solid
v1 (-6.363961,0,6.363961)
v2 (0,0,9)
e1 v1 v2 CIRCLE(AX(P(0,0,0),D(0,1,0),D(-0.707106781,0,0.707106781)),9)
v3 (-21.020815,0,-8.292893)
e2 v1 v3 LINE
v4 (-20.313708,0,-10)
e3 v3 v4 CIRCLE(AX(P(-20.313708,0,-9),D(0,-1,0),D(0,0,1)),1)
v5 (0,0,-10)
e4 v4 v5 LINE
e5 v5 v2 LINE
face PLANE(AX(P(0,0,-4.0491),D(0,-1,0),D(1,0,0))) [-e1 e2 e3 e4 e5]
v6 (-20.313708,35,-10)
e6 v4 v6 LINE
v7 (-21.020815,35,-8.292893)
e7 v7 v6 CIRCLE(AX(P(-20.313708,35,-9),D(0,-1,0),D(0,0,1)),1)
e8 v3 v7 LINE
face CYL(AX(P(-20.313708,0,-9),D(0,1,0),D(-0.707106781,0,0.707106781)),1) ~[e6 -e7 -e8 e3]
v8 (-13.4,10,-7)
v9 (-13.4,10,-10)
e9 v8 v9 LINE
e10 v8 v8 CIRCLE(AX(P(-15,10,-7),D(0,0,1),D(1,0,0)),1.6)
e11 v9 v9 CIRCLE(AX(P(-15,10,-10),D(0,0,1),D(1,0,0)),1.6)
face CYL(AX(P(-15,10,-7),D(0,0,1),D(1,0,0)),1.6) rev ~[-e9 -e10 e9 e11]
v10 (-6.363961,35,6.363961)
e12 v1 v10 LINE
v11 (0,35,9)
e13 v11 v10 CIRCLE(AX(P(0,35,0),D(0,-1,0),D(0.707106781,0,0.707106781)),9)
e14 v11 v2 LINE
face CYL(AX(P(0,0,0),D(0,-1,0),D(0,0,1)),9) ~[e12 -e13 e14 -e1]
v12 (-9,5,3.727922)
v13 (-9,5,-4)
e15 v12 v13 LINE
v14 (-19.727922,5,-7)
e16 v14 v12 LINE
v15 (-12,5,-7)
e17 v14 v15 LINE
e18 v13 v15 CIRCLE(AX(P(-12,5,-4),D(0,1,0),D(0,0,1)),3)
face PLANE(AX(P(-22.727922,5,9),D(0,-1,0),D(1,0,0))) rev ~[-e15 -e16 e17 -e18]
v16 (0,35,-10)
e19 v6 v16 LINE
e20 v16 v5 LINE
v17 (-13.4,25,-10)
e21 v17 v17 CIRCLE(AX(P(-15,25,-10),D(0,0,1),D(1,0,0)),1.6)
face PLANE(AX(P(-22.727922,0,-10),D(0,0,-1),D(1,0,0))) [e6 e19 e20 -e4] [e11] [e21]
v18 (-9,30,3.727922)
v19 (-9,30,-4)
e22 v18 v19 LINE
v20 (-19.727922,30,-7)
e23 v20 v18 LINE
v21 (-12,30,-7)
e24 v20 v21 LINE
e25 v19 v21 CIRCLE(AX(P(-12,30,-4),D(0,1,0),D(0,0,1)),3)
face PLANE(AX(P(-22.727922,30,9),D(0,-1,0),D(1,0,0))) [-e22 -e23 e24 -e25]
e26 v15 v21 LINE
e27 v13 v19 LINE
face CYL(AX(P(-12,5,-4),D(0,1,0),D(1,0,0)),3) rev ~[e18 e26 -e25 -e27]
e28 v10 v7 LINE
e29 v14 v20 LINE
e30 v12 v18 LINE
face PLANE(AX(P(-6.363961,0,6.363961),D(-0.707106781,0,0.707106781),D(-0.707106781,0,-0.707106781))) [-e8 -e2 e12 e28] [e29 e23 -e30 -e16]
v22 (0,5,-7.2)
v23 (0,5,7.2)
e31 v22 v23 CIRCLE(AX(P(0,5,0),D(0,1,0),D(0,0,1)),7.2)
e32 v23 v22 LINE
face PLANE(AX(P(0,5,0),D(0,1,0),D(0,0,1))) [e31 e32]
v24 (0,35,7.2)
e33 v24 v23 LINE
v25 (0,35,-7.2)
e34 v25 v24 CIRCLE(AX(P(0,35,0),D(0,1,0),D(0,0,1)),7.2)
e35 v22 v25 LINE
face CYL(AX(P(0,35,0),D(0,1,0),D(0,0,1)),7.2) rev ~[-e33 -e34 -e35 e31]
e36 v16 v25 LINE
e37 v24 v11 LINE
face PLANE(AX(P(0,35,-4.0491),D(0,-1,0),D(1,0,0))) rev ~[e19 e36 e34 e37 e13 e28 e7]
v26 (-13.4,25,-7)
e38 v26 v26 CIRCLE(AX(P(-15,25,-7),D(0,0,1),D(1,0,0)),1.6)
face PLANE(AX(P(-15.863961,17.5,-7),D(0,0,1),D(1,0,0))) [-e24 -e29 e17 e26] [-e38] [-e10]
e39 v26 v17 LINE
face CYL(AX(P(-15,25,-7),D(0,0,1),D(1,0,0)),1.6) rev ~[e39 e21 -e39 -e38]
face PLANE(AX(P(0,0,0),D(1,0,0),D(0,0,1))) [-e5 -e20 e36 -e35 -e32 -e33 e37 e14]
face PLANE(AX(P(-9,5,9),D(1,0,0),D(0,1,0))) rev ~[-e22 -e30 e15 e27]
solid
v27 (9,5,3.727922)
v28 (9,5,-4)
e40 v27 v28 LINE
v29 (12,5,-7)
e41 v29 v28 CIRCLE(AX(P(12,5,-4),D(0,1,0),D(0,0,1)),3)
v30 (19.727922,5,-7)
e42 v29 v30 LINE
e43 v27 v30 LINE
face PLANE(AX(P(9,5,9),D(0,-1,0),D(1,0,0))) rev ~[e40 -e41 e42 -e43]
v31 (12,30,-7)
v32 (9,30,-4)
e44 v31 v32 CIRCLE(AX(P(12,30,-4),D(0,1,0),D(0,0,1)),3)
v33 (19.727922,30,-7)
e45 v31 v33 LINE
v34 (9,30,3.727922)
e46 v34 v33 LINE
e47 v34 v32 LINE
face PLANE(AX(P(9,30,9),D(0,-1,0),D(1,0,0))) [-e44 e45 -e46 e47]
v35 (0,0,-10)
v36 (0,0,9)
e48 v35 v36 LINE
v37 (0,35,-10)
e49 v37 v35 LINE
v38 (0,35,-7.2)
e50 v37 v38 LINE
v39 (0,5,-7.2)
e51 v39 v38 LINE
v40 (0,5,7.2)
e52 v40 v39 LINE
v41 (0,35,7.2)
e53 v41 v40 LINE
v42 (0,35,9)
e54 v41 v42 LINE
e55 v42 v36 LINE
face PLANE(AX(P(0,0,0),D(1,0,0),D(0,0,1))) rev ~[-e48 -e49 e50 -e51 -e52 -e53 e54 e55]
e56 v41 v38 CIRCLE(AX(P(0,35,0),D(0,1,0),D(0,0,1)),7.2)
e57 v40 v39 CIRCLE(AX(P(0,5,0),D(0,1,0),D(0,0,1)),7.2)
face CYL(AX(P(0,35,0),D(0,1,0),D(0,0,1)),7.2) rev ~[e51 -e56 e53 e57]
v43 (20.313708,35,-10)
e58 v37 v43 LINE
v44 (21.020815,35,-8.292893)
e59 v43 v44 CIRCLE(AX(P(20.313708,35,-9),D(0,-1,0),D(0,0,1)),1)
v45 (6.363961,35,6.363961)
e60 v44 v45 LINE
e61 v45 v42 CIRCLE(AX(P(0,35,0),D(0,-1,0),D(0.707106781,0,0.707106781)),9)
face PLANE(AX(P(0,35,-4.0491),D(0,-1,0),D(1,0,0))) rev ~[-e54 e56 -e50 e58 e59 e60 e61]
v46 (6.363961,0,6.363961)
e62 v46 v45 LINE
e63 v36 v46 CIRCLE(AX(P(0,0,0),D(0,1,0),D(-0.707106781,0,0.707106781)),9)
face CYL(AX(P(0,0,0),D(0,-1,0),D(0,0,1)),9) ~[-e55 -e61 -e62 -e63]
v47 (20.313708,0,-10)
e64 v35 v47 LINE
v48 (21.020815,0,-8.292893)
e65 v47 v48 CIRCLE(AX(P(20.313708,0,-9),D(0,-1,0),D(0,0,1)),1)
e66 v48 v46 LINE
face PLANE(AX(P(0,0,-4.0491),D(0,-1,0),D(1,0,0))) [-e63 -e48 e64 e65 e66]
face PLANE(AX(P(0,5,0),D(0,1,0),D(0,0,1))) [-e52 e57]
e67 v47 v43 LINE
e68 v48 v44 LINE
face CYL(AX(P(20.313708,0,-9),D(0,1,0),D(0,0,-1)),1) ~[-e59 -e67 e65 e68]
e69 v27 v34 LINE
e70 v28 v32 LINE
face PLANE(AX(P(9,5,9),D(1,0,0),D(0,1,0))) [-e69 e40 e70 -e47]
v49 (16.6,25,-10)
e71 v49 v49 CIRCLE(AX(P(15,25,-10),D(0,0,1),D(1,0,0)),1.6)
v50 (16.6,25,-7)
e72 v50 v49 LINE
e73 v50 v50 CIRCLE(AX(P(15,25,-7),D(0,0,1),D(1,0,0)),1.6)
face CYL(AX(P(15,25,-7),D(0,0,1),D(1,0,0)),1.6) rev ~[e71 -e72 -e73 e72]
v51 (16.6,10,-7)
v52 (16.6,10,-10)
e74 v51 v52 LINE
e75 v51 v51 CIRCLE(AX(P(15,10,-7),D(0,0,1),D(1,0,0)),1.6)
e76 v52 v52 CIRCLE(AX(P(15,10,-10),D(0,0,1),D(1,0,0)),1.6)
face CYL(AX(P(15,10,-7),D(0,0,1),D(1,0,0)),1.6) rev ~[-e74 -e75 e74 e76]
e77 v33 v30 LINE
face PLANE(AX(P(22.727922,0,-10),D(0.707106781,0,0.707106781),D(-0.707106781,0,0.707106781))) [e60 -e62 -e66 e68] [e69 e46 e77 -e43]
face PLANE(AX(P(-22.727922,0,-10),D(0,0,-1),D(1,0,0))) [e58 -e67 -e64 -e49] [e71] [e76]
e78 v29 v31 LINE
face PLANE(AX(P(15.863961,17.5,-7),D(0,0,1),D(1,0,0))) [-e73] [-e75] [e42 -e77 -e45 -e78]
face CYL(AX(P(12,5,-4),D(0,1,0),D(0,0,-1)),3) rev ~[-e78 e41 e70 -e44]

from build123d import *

# Parameters (mm, degrees)
SKETCH_1_R          = 9
EXTRUDE_1_DEPTH     = 35
SKETCH_2_R          = 7.2
CUT_EXTRUDE_1_DEPTH = 30
SKETCH_3_R          = 7.2
EXTRUDE_2_DEPTH     = 35
SKETCH_4_W          = 13.727922061
SKETCH_4_H          = 25
CUT_EXTRUDE_2_DEPTH = 16
FILLET_1_R          = 3
SKETCH_5_R          = 1.6
CUT_EXTRUDE_3_DEPTH = 45.694053757
FILLET_4_R          = 1


with BuildPart() as part:
    # 草图1 → 凸台-拉伸1 (new body)
    with BuildSketch(Plane(origin=(0, 0, 0), x_dir=(1, 0, 0), z_dir=(0, 1, 0))):
        with Locations(Location((0, 0, 0), (0, 0, 270))):
            Circle(SKETCH_1_R)
    extrude(amount=EXTRUDE_1_DEPTH)

    # 草图2 → 切除-拉伸1 (cut)
    with BuildSketch(Plane(origin=(0, 35, 0), x_dir=(1, 0, 0), z_dir=(0, 1, 0))):
        with Locations(Location((0, 0, 0), (0, 0, 270))):
            Circle(SKETCH_2_R)
    extrude(amount=-CUT_EXTRUDE_1_DEPTH, mode=Mode.SUBTRACT)

    # 草图3 → 凸台-拉伸2 (add)
    with BuildSketch(Plane.XZ):
        with BuildLine():
            Line((-6.363961031, 6.363961031), (-22.727922061, -10))
            Line((-22.727922061, -10), (22.727922061, -10))
            Line((22.727922061, -10), (6.363961031, 6.363961031))
            ThreePointArc((6.363961031, 6.363961031), (0, 9), (-6.363961031, 6.363961031))
        make_face()
        with Locations(Location((0, 0, 0), (0, 0, 90))):
            Circle(SKETCH_3_R, mode=Mode.SUBTRACT)
    extrude(amount=-EXTRUDE_2_DEPTH)

    # 草图4 → 切除-拉伸2 (cut)
    with BuildSketch(Plane.XY.offset(9)):
        with Locations((15.863961031, 17.5)):
            Rectangle(SKETCH_4_W, SKETCH_4_H)
        with Locations((-15.863961031, 17.5)):
            Rectangle(SKETCH_4_W, SKETCH_4_H)
    extrude(amount=-CUT_EXTRUDE_2_DEPTH, mode=Mode.SUBTRACT)

    # 圆角1
    fillet_1_edges = [part.edges().sort_by_distance(p)[0] for p in [
        (9, 17.5, -7),
        (-9, 17.5, -7),
    ]]
    fillet(fillet_1_edges, radius=FILLET_1_R)

    # 草图5 → 切除-拉伸3 (cut, through all)
    with BuildSketch(Plane.XY.offset(-7)):
        with Locations((-15, 25)):
            Circle(SKETCH_5_R)
        with Locations((-15, 10)):
            Circle(SKETCH_5_R)
        with Locations((15, 10)):
            Circle(SKETCH_5_R)
        with Locations((15, 25)):
            Circle(SKETCH_5_R)
    extrude(amount=-CUT_EXTRUDE_3_DEPTH, mode=Mode.SUBTRACT)

    # 圆角4
    fillet_4_edges = [part.edges().sort_by_distance(p)[0] for p in [
        (22.727922061, 17.5, -10),
        (-22.727922061, 17.5, -10),
    ]]
    fillet(fillet_4_edges, radius=FILLET_4_R)


with BuildPart() as body_2:
    # Split Bodies 1: the piece on the far side of the plane
    add(part.part)
    split(bisect_by=Plane(origin=(0, 0, 0), x_dir=(0, 0, 1), z_dir=(1, 0, 0)), keep=Keep.BOTTOM)


with BuildPart() as part_1:
    add(part.part)

    # Split Bodies 1
    split(bisect_by=Plane(origin=(0, 0, 0), x_dir=(0, 0, 1), z_dir=(1, 0, 0)), keep=Keep.TOP)


solid = Compound([body_2.part, part_1.part])
